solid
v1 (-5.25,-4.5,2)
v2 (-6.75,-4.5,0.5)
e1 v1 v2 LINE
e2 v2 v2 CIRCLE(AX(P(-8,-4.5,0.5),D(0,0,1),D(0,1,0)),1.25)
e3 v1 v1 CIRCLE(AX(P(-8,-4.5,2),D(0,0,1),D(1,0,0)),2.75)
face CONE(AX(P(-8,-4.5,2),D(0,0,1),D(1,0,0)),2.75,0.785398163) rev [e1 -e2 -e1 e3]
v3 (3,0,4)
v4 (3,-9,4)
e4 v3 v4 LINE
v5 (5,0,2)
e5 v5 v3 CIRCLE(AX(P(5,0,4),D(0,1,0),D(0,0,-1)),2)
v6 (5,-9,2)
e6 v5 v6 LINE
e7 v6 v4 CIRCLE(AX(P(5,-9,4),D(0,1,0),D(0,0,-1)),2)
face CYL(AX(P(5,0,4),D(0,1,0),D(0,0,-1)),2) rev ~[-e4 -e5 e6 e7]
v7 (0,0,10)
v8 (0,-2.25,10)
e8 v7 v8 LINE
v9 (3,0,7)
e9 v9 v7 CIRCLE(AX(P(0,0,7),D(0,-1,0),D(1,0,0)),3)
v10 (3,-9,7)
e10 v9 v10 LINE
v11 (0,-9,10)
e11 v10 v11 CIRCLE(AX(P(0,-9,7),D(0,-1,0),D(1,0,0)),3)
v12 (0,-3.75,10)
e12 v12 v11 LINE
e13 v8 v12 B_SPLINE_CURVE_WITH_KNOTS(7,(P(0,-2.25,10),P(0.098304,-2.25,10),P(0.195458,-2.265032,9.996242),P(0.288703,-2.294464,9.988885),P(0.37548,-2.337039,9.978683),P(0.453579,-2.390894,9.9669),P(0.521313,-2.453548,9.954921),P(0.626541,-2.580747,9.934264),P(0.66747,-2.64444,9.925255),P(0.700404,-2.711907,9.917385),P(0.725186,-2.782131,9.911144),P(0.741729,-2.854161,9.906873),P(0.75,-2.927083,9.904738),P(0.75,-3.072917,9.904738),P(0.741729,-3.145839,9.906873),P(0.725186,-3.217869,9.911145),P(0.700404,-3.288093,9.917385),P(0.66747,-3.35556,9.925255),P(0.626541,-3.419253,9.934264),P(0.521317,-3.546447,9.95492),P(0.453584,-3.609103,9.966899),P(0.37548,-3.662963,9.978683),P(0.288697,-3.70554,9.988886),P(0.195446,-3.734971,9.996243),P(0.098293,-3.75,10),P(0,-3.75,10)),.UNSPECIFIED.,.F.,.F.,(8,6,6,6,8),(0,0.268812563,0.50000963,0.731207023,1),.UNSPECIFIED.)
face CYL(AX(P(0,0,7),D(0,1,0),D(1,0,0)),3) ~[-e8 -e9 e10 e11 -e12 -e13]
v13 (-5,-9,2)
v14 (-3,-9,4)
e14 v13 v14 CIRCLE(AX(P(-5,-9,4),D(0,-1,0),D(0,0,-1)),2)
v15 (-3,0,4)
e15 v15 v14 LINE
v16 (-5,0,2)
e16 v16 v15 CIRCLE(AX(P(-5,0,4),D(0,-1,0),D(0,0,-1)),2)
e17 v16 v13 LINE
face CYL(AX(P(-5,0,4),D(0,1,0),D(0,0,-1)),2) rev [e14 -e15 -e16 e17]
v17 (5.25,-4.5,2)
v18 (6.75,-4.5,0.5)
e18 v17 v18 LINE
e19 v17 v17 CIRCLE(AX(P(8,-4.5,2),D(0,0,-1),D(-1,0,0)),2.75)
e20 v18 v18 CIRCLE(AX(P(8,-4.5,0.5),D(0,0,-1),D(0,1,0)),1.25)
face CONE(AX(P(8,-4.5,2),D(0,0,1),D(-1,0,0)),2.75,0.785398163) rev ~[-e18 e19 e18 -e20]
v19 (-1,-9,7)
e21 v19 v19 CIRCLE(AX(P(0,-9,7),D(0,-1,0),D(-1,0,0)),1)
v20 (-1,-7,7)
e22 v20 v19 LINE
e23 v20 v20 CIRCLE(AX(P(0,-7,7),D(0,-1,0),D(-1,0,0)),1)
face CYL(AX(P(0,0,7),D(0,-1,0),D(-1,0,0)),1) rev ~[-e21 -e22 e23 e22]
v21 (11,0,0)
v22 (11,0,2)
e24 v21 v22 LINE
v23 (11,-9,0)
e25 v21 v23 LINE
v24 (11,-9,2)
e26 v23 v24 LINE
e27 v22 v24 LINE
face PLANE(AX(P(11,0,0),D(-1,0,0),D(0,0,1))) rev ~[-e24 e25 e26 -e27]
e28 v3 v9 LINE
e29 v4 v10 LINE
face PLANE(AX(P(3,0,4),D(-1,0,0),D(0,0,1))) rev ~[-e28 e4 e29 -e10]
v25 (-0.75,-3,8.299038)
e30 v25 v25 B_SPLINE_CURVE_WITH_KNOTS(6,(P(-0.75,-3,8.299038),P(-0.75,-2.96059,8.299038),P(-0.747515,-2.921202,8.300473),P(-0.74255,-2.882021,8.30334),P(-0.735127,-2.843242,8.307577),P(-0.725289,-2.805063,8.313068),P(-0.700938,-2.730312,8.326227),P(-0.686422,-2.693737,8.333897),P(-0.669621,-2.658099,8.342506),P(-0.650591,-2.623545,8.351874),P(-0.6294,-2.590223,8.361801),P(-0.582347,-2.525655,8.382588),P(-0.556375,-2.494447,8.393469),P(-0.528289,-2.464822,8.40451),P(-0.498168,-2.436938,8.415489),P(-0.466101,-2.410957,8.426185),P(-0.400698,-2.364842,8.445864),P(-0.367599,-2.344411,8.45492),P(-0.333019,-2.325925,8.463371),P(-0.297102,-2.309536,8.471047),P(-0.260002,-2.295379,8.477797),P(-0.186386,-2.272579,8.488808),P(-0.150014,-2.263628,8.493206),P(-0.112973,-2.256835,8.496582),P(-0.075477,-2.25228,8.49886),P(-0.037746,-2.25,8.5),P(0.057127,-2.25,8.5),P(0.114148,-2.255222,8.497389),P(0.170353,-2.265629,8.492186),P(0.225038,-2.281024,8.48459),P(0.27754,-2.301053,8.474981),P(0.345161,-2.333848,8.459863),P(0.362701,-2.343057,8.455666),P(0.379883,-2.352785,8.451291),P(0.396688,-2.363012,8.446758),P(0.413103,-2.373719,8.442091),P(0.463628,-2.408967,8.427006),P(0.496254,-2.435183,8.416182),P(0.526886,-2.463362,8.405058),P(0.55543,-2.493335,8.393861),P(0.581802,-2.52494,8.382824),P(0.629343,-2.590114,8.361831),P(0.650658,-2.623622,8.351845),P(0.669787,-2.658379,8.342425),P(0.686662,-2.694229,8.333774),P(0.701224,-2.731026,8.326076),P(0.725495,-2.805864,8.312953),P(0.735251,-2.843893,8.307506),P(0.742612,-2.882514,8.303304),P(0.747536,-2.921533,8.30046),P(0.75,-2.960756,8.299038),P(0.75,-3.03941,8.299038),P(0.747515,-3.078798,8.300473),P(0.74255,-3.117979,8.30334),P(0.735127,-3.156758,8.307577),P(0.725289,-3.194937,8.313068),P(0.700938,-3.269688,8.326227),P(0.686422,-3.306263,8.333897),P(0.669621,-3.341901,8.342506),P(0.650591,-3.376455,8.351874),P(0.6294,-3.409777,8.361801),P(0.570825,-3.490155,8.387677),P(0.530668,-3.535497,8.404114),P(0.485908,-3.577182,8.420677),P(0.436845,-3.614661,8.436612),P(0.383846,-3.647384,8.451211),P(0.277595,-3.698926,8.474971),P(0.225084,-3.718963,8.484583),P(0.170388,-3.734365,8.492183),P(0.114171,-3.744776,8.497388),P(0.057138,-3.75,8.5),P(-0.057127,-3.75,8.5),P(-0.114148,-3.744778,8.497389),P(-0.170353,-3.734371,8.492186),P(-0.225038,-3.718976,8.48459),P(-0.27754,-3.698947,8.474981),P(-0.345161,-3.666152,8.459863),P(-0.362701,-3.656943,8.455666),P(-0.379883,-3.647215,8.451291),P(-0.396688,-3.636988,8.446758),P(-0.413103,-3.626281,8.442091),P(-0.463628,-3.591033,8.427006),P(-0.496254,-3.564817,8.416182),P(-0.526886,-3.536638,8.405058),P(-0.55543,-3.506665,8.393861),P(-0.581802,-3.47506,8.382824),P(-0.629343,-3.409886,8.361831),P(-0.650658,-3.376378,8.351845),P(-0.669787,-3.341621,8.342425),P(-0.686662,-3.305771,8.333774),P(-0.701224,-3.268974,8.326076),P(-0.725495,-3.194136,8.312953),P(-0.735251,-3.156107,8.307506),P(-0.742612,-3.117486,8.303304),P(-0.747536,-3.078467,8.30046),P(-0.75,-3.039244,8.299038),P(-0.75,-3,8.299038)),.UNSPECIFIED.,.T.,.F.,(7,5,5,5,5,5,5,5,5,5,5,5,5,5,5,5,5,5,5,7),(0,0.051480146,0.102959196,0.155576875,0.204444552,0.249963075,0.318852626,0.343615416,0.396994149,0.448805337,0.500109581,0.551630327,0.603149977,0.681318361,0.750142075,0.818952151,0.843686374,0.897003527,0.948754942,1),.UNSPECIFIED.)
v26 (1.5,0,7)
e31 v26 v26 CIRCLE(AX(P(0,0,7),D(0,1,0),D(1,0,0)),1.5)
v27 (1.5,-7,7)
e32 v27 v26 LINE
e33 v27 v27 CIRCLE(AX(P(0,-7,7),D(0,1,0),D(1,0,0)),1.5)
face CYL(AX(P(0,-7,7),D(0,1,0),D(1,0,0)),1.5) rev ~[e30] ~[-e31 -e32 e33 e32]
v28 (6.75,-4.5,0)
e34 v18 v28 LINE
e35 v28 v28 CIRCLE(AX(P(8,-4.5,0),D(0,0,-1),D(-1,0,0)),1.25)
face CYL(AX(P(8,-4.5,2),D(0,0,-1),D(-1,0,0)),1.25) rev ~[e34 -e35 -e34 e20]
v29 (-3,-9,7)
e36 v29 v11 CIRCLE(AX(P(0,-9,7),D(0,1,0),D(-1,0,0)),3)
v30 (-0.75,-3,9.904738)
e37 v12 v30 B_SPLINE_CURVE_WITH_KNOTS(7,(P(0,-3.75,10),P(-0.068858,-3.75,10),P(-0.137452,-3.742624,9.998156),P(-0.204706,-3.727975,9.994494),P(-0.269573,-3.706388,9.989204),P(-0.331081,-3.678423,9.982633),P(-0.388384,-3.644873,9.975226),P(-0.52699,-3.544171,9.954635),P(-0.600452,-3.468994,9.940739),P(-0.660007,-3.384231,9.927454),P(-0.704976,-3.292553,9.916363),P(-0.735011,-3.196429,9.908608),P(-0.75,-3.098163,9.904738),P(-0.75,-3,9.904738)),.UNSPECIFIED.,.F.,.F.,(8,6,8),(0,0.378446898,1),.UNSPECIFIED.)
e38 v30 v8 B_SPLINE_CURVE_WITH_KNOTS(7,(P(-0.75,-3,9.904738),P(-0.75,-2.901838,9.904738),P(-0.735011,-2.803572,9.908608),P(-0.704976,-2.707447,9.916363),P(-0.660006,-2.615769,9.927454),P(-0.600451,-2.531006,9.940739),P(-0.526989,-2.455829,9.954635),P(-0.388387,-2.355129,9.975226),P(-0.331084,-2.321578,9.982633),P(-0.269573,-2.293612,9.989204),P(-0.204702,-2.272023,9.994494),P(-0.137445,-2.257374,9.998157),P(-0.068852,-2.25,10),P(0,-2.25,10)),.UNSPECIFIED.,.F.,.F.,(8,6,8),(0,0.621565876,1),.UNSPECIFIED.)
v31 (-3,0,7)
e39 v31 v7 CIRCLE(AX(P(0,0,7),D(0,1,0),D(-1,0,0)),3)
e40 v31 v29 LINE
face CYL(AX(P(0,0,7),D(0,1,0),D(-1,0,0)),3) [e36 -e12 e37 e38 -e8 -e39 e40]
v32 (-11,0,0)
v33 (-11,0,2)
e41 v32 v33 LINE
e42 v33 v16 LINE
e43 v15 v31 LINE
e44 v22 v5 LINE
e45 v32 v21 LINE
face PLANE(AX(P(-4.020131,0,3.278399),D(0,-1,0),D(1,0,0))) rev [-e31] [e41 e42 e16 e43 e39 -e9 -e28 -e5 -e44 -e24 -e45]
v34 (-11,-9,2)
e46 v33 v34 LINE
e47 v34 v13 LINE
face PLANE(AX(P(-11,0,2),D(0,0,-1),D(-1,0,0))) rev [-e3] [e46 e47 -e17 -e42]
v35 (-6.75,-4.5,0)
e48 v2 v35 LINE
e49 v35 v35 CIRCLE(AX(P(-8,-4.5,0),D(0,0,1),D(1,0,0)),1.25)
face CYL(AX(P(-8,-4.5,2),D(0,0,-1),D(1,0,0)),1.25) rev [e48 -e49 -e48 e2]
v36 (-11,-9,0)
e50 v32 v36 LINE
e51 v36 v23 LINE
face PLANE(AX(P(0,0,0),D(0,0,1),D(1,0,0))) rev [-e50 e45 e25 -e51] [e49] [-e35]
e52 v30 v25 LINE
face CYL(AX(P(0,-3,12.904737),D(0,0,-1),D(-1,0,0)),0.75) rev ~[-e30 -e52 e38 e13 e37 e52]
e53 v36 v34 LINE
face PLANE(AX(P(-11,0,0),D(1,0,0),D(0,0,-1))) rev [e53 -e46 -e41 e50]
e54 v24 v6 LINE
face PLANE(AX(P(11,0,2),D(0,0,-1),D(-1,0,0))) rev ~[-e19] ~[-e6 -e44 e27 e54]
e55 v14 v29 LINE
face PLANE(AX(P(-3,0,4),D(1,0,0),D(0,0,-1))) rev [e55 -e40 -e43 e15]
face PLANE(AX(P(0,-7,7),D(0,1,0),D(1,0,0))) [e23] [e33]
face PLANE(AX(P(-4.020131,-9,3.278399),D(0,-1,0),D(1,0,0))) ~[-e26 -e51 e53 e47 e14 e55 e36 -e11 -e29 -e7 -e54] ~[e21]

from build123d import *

# Parameters (mm, degrees)
F1_DEPTH       = 9
F3_D           = 2.5
F3_CSINK_D     = 5.5
F3_CSINK_ANGLE = 90
F5_D           = 2
F5_CBORE_D     = 3
F5_CBORE_DEPTH = 7
F8_D           = 1.5
F8_DEPTH       = 3
F8_START       = 0.0952626
F8_TIP         = 0.4506454643


with BuildPart() as f1:
    # F0 (on Front) → F1 (new body)
    with BuildSketch(Plane.XZ):
        with BuildLine():
            Line((0, 10), (0, 0))
            Line((0, 0), (11, 0))
            Line((11, 0), (11, 2))
            Line((11, 2), (5, 2))
            ThreePointArc((5, 2), (3.5857864376, 2.5857864376), (3, 4))
            Line((3, 4), (3, 7))
            ThreePointArc((3, 7), (2.1213203436, 9.1213203436), (0, 10))
        make_face()
    extrude(amount=F1_DEPTH)

    # F3 (through all)
    with Locations(Plane.XY.offset(2)):
        with Locations((8, -4.5)):
            CounterSinkHole(F3_D / 2, F3_CSINK_D / 2, counter_sink_angle=F3_CSINK_ANGLE)

    # F4: F1 across plane


with BuildPart() as f1_1:
    add(f1.part)
    add(f1.part.mirror(Plane.YZ))

    # F5 (through all)
    with Locations(Plane(origin=(0, 0, 0), x_dir=(1, 0, 0), z_dir=(0, 1, 0))):
        with Locations((0, -7)):
            CounterBoreHole(F5_D / 2, F5_CBORE_D / 2, F5_CBORE_DEPTH)

    # F8
    # its depths count from where the whole tool has entered the part; down to there all is cleared
    with Locations(Plane.XY.offset(10).offset(-F8_START)):
        with Locations((0, -3)):
            Hole(F8_D / 2, depth=F8_DEPTH)
            with Locations((0, 0, -(F8_DEPTH + F8_TIP / 2))):  # 118° drill point
                Cone(0, F8_D / 2, F8_TIP, mode=Mode.SUBTRACT)


solid = f1_1.part
